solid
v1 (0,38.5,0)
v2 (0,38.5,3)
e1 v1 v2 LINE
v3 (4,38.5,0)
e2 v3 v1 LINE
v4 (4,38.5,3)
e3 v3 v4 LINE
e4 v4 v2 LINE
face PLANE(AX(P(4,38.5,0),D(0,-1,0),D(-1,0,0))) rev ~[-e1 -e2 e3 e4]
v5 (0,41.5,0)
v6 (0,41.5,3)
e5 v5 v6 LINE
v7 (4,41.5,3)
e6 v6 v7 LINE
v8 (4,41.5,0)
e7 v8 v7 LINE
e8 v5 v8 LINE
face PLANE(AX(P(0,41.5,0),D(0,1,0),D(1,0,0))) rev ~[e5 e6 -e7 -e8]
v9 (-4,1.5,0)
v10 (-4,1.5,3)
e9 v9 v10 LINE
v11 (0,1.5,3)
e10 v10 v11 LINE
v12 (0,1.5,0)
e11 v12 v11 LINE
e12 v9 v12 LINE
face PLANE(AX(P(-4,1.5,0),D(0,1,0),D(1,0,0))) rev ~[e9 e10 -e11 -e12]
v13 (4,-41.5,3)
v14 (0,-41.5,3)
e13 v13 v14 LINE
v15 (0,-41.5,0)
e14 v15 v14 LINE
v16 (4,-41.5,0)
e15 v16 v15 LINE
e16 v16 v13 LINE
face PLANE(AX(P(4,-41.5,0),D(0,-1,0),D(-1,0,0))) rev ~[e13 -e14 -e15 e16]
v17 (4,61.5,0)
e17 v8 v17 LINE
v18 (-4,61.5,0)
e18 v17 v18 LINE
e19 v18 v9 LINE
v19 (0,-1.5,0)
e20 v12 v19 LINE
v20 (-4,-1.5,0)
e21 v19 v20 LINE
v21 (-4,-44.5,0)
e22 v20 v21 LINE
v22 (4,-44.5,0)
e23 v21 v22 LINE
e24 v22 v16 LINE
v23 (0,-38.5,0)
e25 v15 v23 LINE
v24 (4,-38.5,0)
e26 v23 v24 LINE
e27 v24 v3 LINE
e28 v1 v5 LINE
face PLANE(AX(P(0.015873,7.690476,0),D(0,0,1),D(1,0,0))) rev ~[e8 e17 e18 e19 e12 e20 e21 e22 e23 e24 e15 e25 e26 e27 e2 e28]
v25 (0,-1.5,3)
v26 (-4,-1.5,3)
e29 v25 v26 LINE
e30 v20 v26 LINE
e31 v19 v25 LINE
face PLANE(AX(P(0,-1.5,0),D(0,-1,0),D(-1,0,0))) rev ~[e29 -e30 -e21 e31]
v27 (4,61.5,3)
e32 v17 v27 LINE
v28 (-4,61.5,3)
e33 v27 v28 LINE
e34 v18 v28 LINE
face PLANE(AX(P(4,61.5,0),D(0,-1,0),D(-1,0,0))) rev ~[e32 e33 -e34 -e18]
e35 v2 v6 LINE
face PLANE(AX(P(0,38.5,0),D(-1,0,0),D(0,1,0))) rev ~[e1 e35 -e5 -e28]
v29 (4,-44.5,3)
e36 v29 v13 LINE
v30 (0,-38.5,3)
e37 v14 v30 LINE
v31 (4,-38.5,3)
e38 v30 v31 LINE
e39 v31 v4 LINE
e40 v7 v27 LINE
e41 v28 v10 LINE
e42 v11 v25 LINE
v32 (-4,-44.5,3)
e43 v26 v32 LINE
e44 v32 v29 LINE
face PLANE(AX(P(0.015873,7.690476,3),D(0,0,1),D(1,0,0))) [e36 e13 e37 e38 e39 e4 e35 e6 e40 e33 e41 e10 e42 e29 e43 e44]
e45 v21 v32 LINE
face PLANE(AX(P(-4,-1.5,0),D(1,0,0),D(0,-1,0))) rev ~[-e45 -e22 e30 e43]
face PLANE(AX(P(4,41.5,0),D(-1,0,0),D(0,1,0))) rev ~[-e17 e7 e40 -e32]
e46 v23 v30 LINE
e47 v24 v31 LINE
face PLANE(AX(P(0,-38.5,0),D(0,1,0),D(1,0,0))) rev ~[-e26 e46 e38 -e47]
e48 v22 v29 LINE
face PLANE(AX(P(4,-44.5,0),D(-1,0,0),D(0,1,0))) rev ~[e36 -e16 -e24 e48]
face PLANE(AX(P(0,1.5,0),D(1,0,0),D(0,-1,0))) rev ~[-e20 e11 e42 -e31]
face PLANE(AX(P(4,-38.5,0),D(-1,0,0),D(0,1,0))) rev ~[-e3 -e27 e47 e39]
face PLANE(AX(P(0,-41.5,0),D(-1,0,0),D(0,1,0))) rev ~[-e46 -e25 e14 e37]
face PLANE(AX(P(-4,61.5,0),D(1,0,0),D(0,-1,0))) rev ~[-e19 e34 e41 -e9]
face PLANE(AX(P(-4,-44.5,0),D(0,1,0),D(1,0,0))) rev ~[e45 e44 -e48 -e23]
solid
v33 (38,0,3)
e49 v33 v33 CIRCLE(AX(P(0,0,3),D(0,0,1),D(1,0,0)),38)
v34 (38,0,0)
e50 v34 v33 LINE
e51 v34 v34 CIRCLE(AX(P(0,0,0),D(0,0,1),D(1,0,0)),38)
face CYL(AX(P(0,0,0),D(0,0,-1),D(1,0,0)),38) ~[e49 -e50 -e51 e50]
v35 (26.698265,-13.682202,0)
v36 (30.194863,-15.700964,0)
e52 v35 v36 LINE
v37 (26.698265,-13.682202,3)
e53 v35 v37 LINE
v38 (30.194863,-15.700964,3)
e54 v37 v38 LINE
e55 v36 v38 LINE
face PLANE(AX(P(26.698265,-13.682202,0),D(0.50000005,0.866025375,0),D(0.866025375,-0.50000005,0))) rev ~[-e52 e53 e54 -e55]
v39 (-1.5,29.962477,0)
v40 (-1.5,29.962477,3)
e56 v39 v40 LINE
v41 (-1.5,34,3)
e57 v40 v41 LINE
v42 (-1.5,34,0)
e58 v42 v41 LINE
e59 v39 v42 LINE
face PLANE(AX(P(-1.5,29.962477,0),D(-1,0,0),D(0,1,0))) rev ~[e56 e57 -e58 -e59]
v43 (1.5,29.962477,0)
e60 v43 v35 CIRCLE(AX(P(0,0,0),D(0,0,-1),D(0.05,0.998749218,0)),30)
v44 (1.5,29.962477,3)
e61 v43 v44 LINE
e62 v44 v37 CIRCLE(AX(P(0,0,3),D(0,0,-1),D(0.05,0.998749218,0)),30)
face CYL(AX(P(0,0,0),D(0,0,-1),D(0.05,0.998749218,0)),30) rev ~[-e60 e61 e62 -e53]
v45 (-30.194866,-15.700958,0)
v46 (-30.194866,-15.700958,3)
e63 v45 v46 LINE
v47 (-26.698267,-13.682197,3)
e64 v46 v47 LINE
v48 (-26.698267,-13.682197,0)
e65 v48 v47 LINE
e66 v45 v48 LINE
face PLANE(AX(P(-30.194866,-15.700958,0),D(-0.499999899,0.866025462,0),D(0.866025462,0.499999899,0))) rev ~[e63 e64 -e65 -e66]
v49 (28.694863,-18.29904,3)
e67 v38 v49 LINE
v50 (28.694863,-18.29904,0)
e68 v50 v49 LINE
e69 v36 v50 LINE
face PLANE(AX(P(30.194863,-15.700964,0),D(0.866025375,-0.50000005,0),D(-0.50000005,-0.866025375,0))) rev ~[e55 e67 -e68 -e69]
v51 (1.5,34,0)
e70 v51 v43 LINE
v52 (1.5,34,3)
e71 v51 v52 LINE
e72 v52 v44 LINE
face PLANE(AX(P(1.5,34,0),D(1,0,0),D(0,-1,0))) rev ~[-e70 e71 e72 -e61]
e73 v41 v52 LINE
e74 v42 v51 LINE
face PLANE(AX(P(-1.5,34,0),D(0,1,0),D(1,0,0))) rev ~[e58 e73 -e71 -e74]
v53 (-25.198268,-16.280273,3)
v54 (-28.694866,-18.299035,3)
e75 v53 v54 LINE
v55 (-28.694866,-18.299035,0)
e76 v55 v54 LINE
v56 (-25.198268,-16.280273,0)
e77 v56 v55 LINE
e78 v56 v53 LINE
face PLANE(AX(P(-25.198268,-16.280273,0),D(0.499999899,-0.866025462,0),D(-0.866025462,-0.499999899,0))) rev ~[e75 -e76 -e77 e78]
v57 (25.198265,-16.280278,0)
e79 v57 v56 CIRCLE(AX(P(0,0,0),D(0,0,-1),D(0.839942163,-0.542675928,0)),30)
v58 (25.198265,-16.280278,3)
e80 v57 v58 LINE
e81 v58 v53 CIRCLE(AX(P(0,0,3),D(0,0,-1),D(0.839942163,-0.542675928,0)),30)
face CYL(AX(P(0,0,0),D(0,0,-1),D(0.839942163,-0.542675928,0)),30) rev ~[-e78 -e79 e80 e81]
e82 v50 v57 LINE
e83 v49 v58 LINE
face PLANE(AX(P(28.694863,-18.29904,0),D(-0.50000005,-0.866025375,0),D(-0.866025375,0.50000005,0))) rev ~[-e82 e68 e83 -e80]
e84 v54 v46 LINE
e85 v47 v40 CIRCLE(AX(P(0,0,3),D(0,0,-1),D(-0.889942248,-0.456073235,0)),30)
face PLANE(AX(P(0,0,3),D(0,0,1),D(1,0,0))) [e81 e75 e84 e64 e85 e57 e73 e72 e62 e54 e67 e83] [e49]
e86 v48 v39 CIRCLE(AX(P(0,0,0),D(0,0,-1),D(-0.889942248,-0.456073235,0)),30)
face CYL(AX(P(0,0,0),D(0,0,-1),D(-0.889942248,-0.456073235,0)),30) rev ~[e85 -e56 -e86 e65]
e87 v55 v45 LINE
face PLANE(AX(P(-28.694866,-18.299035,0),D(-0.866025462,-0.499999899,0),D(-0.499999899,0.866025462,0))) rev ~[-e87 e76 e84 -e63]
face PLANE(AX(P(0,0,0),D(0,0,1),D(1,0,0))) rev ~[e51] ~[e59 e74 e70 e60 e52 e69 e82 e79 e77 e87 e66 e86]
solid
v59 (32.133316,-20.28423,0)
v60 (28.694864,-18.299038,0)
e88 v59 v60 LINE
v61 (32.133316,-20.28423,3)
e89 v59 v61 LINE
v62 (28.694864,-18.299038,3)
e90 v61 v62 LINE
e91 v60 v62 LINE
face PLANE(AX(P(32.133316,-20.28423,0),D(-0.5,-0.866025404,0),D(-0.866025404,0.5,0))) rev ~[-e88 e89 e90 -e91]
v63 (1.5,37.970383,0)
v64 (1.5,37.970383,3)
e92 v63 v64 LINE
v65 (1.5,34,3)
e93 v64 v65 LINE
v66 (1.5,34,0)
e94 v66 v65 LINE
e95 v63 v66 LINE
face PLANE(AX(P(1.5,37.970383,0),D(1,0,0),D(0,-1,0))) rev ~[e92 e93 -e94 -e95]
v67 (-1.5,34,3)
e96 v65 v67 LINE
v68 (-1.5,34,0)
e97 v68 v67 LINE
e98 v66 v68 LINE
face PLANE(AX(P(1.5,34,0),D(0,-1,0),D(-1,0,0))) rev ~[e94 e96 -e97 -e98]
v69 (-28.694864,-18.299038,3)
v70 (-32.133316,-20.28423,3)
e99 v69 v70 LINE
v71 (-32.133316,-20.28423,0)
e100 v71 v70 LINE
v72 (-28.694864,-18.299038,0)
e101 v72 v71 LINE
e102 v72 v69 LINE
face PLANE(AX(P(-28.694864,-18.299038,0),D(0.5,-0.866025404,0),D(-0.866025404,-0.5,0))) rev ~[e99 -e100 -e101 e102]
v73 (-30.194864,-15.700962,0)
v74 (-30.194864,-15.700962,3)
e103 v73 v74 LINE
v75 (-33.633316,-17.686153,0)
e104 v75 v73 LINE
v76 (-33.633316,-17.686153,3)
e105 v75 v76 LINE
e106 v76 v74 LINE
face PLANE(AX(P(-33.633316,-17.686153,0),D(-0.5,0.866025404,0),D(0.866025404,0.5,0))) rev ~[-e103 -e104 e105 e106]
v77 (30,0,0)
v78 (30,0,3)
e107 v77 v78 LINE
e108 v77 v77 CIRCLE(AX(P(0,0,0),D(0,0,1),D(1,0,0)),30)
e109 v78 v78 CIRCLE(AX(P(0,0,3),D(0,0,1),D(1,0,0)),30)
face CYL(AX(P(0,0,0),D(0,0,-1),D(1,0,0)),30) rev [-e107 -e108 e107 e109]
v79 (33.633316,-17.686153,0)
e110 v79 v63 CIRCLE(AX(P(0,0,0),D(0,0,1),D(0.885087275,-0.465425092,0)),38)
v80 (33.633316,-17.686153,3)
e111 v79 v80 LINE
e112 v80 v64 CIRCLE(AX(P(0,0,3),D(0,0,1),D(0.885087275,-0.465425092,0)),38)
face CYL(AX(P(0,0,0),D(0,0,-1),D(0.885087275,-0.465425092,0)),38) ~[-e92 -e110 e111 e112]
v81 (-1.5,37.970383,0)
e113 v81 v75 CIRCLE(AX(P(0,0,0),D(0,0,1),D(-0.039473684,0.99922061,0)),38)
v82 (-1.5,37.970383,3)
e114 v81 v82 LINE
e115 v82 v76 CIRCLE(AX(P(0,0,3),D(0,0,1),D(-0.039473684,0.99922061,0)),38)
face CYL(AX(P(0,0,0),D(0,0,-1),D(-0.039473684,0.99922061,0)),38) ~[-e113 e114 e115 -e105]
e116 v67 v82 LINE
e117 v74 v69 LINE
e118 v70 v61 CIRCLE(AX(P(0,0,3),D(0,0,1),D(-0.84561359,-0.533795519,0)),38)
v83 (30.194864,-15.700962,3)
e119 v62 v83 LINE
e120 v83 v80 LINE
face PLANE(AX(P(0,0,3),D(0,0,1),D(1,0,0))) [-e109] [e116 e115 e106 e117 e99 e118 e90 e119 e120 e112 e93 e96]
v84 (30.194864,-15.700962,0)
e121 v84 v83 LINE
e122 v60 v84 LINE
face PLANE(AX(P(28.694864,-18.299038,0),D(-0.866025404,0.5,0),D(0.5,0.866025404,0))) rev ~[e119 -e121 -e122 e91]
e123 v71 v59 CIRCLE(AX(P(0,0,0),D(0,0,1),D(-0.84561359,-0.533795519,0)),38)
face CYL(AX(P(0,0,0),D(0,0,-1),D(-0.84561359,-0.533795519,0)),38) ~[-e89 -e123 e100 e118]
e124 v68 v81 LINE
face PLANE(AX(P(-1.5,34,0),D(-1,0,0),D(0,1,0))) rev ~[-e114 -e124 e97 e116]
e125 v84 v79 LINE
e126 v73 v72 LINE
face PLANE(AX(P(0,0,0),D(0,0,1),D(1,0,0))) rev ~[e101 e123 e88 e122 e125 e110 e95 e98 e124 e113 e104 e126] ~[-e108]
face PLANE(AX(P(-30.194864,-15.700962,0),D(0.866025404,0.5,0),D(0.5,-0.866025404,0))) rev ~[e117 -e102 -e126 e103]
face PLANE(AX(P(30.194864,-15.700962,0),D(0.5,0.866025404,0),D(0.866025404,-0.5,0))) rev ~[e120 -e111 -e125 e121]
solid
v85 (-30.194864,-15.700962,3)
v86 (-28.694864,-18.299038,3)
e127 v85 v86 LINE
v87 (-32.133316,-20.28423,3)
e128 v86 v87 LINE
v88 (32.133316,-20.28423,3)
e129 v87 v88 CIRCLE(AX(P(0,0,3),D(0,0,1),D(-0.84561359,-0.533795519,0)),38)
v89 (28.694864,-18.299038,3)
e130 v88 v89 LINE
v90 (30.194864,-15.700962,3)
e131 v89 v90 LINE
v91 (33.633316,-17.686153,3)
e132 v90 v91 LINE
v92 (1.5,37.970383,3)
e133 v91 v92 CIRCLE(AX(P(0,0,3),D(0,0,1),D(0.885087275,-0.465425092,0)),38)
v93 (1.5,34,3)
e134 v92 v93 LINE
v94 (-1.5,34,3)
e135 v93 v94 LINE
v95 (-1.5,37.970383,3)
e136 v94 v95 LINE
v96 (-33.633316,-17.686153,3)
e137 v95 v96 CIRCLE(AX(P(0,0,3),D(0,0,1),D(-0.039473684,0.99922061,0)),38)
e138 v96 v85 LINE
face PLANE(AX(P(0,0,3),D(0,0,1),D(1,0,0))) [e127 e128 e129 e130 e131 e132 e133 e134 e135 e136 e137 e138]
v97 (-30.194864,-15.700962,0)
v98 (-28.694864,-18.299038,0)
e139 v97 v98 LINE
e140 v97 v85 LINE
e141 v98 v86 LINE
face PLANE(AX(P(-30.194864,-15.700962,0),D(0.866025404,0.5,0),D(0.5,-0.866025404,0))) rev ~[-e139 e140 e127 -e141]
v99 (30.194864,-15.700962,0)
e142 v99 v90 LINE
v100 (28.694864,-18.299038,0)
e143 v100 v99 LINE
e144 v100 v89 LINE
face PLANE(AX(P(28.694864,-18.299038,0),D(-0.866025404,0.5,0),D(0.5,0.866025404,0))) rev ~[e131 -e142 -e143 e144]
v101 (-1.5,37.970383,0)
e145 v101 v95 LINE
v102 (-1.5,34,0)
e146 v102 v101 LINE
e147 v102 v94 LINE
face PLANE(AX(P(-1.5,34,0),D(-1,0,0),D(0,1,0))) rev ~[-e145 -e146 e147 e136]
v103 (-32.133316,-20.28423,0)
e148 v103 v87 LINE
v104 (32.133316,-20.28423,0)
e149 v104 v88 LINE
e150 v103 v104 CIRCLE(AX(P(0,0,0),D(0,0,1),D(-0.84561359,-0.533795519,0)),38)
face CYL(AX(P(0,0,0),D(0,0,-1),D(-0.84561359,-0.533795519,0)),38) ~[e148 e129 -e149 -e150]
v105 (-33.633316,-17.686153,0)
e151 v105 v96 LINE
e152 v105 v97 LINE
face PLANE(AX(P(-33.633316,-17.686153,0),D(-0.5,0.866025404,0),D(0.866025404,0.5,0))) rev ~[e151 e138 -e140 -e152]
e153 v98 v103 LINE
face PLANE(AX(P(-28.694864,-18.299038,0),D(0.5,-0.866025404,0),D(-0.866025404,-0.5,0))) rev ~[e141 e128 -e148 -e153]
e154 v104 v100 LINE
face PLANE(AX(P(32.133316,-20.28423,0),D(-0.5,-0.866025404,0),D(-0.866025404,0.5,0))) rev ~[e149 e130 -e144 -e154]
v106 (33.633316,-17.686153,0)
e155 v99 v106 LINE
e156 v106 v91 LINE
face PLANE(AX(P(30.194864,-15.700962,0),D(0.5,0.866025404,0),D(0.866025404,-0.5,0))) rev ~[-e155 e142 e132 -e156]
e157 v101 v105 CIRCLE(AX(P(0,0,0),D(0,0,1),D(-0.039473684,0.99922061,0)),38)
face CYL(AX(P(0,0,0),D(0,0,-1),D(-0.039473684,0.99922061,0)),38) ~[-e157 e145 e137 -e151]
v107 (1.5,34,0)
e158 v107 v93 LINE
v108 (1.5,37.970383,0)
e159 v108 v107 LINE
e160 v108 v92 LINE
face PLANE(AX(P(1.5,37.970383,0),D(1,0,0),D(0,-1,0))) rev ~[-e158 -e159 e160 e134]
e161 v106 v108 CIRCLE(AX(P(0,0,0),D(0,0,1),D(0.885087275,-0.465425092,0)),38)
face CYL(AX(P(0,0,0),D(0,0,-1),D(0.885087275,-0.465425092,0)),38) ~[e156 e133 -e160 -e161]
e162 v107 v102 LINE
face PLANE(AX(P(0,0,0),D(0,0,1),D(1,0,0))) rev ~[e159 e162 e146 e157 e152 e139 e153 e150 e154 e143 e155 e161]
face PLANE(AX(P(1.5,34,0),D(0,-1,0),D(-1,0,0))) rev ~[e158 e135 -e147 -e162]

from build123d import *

# Parameters (mm, degrees)
F2_DEPTH = 3
F4_DEPTH = 3
F5_R     = 38
F6_DEPTH = 3
F7_R     = 30
F8_DEPTH = 3


with BuildPart() as f2:
    # F1 (on Top) → F2 (new body)
    with BuildSketch(Plane.XY):
        with BuildLine():
            Line((-1.5, 34), (-1.5, 37.9703831953))
            ThreePointArc((-1.5, 37.9703831953), (-32.9089653438, 19), (-33.6333164386, -17.686153492))
            Line((-33.6333164386, -17.686153492), (-30.1948637287, -15.7009618943))
            Line((-30.1948637287, -15.7009618943), (-28.6948637287, -18.2990381057))
            Line((-28.6948637287, -18.2990381057), (-32.1333164386, -20.2842297033))
            ThreePointArc((-32.1333164386, -20.2842297033), (0, -38), (32.1333164386, -20.2842297033))
            Line((32.1333164386, -20.2842297033), (28.6948637287, -18.2990381057))
            Line((28.6948637287, -18.2990381057), (30.1948637287, -15.7009618943))
            Line((30.1948637287, -15.7009618943), (33.6333164386, -17.686153492))
            ThreePointArc((33.6333164386, -17.686153492), (32.9089653438, 19), (1.5, 37.9703831953))
            Line((1.5, 37.9703831953), (1.5, 34))
            Line((1.5, 34), (-1.5, 34))
        make_face()
    extrude(amount=F2_DEPTH)


with BuildPart() as f4:
    # F3 (on Top) → F4 (new body)
    with BuildSketch(Plane.XY):
        Polygon((-4, -44.5), (4, -44.5), (4, -41.5), (0, -41.5), (0, -38.5), (4, -38.5), (4, 38.5), (0, 38.5), (0, 41.5), (4, 41.5), (4, 61.5), (-4, 61.5), (-4, 1.5), (0, 1.5), (0, -1.5), (-4, -1.5), align=None)
    extrude(amount=F4_DEPTH)


with BuildPart() as f6:
    # F5 (on Top) → F6 (new body)
    with BuildSketch(Plane.XY):
        Circle(F5_R)
        with BuildLine():
            ThreePointArc((-26.6982674329, -13.6821970489), (-25.9807612393, 15.0000015142), (-1.5, 29.9624765332))
            Line((-1.5, 29.9624765332), (-1.5, 34))
            Line((-1.5, 34), (1.5, 34))
            Line((1.5, 34), (1.5, 29.9624765332))
            ThreePointArc((1.5, 29.9624765332), (25.9807625506, 14.9999992429), (26.6982650406, -13.6822017169))
            Line((26.6982650406, -13.6822017169), (30.1948628136, -15.7009636541))
            Line((30.1948628136, -15.7009636541), (28.6948626622, -18.2990397781))
            Line((28.6948626622, -18.2990397781), (25.1982648892, -16.2802778409))
            ThreePointArc((25.1982648892, -16.2802778409), (-2.6227e-06, -30), (-25.1982677357, -16.2802734351))
            Line((-25.1982677357, -16.2802734351), (-28.6948658617, -18.2990347609))
            Line((-28.6948658617, -18.2990347609), (-30.1948655588, -15.7009583747))
            Line((-30.1948655588, -15.7009583747), (-26.6982674329, -13.6821970489))
        make_face(mode=Mode.SUBTRACT)
    extrude(amount=F6_DEPTH)


with BuildPart() as f8:
    # F7 (on Top) → F8 (new body)
    with BuildSketch(Plane.XY):
        with BuildLine():
            Line((-1.5, 34), (-1.5, 37.9703831953))
            ThreePointArc((-1.5, 37.9703831953), (-32.9089653438, 19), (-33.6333164386, -17.686153492))
            Line((-33.6333164386, -17.686153492), (-30.1948637287, -15.7009618943))
            Line((-30.1948637287, -15.7009618943), (-28.6948637287, -18.2990381057))
            Line((-28.6948637287, -18.2990381057), (-32.1333164386, -20.2842297033))
            ThreePointArc((-32.1333164386, -20.2842297033), (0, -38), (32.1333164386, -20.2842297033))
            Line((32.1333164386, -20.2842297033), (28.6948637287, -18.2990381057))
            Line((28.6948637287, -18.2990381057), (30.1948637287, -15.7009618943))
            Line((30.1948637287, -15.7009618943), (33.6333164386, -17.686153492))
            ThreePointArc((33.6333164386, -17.686153492), (32.9089653438, 19), (1.5, 37.9703831953))
            Line((1.5, 37.9703831953), (1.5, 34))
            Line((1.5, 34), (-1.5, 34))
        make_face()
        Circle(F7_R, mode=Mode.SUBTRACT)
    extrude(amount=F8_DEPTH)


solid = Compound([f2.part, f4.part, f6.part, f8.part])
